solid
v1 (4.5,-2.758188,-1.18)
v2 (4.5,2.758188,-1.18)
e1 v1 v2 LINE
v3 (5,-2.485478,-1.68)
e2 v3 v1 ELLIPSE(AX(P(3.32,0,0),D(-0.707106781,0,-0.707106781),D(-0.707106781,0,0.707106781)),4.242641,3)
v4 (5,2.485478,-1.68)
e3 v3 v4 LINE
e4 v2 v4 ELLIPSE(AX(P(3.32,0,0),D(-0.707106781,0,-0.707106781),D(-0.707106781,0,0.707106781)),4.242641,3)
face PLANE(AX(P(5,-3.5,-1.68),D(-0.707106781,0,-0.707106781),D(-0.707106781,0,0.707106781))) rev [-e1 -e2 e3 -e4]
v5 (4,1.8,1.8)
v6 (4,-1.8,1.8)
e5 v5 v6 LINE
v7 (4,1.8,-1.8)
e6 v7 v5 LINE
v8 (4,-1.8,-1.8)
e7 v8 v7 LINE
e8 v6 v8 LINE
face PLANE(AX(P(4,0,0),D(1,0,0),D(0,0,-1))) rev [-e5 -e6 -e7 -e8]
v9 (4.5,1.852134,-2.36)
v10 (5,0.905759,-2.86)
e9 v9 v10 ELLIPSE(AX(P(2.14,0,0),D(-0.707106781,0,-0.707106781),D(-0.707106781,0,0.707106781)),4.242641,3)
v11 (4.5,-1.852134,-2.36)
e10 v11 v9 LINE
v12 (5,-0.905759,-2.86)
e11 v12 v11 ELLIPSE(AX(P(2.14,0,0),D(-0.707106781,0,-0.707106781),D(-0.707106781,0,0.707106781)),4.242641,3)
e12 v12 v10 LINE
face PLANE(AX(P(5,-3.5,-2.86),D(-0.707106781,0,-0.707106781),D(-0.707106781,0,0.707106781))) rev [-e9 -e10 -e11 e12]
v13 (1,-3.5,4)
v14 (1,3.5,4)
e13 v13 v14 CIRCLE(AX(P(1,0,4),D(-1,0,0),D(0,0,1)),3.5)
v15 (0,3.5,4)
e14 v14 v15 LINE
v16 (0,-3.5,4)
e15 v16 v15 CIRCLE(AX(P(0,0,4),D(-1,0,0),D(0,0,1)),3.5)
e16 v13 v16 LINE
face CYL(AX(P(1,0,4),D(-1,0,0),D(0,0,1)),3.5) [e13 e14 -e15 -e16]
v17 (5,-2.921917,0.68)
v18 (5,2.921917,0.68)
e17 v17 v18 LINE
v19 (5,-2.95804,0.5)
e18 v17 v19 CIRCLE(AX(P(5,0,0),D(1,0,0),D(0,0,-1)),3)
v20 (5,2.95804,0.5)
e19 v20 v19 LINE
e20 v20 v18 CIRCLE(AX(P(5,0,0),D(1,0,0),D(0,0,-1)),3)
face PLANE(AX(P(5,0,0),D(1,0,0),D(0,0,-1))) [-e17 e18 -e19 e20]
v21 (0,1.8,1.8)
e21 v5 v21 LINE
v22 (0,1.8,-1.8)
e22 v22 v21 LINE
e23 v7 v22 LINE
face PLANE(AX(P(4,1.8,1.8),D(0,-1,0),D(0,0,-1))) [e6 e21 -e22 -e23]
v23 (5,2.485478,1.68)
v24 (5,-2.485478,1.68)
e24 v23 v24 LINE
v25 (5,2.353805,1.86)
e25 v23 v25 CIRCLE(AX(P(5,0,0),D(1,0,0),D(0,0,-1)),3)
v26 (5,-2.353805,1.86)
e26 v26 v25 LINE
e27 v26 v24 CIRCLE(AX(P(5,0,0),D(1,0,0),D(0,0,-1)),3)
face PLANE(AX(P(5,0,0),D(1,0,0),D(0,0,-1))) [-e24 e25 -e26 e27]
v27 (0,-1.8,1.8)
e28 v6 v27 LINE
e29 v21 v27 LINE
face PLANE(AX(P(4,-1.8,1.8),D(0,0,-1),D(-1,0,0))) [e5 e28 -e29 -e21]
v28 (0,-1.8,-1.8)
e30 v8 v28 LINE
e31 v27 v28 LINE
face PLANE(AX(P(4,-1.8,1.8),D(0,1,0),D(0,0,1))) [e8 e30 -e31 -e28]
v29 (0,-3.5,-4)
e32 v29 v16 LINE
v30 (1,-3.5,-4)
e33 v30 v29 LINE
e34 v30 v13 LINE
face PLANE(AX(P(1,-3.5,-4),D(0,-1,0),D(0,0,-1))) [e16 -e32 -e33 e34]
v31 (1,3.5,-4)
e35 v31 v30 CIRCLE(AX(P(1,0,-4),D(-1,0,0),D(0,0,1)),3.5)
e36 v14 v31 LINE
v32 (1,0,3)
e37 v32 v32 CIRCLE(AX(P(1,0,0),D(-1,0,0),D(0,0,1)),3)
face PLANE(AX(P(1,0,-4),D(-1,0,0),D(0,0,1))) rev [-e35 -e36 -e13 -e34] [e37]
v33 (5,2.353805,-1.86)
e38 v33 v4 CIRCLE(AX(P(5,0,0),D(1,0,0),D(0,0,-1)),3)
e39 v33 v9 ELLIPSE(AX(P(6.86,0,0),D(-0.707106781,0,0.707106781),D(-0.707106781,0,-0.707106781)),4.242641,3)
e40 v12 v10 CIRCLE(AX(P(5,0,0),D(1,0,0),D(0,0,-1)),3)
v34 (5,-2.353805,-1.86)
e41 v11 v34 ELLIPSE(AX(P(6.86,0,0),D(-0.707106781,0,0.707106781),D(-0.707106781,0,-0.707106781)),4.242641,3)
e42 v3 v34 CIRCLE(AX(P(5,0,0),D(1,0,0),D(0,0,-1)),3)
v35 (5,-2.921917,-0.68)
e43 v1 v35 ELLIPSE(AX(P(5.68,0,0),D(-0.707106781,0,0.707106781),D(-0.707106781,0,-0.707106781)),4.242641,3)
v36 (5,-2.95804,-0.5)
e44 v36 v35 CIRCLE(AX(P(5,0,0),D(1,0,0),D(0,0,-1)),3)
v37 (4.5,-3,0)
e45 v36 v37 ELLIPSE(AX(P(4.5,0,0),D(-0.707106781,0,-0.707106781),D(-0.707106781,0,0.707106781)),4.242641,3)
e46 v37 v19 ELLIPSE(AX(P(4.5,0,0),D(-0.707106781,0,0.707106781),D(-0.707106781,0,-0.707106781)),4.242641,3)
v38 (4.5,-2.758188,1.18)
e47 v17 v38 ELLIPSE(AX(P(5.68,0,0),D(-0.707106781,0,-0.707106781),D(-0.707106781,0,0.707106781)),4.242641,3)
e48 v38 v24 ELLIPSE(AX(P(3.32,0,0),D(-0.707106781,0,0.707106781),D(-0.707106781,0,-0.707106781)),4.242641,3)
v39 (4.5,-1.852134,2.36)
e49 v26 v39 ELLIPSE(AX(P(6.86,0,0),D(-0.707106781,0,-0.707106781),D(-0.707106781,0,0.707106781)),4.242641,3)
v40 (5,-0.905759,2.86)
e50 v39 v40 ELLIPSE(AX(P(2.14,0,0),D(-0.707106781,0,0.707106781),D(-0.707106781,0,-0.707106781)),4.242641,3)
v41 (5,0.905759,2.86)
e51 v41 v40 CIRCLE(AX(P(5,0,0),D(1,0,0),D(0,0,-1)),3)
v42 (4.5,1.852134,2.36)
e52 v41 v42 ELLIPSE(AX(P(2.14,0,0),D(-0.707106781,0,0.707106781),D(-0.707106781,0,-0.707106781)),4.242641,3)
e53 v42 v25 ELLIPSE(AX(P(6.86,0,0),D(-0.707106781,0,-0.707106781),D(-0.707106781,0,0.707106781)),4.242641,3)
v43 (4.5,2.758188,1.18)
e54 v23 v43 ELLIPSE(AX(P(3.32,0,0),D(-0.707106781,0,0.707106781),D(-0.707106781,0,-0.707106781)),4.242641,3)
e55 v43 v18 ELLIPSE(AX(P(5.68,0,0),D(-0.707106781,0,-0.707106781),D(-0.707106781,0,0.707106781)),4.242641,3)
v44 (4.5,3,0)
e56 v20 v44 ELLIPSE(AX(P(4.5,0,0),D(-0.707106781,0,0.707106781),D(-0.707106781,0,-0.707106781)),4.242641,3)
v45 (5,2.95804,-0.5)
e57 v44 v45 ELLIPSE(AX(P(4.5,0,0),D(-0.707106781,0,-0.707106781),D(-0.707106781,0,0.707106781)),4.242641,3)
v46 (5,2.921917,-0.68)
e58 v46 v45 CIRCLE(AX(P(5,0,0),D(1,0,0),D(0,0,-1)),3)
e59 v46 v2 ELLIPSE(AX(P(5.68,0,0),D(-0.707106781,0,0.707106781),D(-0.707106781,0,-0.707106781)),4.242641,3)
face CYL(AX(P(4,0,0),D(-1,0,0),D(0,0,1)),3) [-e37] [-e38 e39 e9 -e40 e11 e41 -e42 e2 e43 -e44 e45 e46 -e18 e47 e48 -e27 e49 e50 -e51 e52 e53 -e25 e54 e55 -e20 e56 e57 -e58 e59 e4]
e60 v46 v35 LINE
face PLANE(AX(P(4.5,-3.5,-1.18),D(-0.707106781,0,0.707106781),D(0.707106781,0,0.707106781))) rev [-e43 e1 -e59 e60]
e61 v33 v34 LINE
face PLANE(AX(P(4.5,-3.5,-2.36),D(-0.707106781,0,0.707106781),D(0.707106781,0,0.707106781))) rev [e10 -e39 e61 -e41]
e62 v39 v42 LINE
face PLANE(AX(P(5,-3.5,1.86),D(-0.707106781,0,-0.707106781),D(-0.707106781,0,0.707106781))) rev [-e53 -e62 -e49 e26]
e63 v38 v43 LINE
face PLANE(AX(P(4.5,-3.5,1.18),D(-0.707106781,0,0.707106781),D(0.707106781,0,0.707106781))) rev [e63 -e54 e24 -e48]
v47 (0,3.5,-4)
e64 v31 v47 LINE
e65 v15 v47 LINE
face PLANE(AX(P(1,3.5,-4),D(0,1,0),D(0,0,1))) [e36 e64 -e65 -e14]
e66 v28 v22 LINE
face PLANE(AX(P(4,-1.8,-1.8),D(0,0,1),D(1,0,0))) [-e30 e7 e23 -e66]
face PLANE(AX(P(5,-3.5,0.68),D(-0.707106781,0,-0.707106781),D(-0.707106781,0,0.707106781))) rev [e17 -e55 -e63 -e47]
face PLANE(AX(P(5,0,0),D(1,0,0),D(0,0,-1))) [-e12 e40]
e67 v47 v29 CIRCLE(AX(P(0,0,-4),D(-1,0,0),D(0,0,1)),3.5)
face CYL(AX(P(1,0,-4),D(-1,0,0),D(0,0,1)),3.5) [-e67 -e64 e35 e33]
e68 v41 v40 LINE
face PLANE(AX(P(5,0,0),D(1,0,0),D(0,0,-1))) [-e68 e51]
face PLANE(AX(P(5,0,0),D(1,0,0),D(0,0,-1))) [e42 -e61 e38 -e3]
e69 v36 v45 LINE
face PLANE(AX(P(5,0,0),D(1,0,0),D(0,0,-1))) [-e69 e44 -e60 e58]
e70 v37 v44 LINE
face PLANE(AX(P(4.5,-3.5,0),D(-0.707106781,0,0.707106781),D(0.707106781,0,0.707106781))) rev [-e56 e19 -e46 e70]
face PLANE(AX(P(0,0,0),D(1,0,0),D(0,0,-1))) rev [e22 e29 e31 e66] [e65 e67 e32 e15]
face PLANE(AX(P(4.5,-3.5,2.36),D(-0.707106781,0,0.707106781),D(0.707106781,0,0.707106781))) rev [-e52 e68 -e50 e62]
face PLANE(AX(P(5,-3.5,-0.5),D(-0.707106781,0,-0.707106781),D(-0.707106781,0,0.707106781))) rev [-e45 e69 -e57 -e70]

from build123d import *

# Parameters (mm, degrees)
SKETCH1_R               = 3
SKETCH1_W               = 3.6
SKETCH1_H               = 3.6
BOSS_EXTRUDE1_DEPTH     = 4
SKETCH2_W               = 3.6
SKETCH2_H               = 3.6
BOSS_EXTRUDE2_DEPTH     = 1
SKETCH3_R               = 3
BOSS_EXTRUDE3_DEPTH     = 1
CUT_EXTRUDE2_DEPTH      = 10.669539803
CUT_EXTRUDE2_DEPTH_BACK = 10.669539803


with BuildPart() as part:
    # Sketch1 → Boss-Extrude1 (new body)
    with BuildSketch(Plane(origin=(0, 0, 0), x_dir=(0, 0, -1), z_dir=(1, 0, 0))):
        Circle(SKETCH1_R)
        Rectangle(SKETCH1_W, SKETCH1_H, mode=Mode.SUBTRACT)
    extrude(amount=BOSS_EXTRUDE1_DEPTH)

    # Sketch2 → Boss-Extrude2 (add)
    with BuildSketch(Plane.ZY):
        with BuildLine():
            Line((-4, 3.5), (4, 3.5))
            ThreePointArc((4, 3.5), (7.5, 0), (4, -3.5))
            Line((4, -3.5), (-4, -3.5))
            ThreePointArc((-4, -3.5), (-7.5, 0), (-4, 3.5))
        make_face()
        Rectangle(SKETCH2_W, SKETCH2_H, mode=Mode.SUBTRACT)
    extrude(amount=-BOSS_EXTRUDE2_DEPTH)

    # Sketch3 → Boss-Extrude3 (add)
    with BuildSketch(Plane(origin=(4, 0, 0), x_dir=(0, 0, -1), z_dir=(1, 0, 0))):
        with Locations(Location((0, 0, 0), (0, 0, 180))):
            Circle(SKETCH3_R)
    extrude(amount=BOSS_EXTRUDE3_DEPTH)

    # Sketch5 → Cut-Extrude2 (cut, two sides: drawn at the far end of the back side and taken through both)
    with BuildSketch(Plane(origin=(0, 0, 0), x_dir=(1, 0, 0), z_dir=(0, 1, 0)).offset(-CUT_EXTRUDE2_DEPTH_BACK)):
        Polygon((5, 2.86), (4.5, 2.36), (5, 1.86), align=None)
        Polygon((5, 1.68), (4.5, 1.18), (5, 0.68), align=None)
        Polygon((5, 0.5), (4.5, 0), (5, -0.5), align=None)
        Polygon((5, -0.68), (4.5, -1.18), (5, -1.68), align=None)
        Polygon((5, -1.86), (4.5, -2.36), (5, -2.86), align=None)
    extrude(amount=CUT_EXTRUDE2_DEPTH + CUT_EXTRUDE2_DEPTH_BACK, mode=Mode.SUBTRACT)


solid = part.part
